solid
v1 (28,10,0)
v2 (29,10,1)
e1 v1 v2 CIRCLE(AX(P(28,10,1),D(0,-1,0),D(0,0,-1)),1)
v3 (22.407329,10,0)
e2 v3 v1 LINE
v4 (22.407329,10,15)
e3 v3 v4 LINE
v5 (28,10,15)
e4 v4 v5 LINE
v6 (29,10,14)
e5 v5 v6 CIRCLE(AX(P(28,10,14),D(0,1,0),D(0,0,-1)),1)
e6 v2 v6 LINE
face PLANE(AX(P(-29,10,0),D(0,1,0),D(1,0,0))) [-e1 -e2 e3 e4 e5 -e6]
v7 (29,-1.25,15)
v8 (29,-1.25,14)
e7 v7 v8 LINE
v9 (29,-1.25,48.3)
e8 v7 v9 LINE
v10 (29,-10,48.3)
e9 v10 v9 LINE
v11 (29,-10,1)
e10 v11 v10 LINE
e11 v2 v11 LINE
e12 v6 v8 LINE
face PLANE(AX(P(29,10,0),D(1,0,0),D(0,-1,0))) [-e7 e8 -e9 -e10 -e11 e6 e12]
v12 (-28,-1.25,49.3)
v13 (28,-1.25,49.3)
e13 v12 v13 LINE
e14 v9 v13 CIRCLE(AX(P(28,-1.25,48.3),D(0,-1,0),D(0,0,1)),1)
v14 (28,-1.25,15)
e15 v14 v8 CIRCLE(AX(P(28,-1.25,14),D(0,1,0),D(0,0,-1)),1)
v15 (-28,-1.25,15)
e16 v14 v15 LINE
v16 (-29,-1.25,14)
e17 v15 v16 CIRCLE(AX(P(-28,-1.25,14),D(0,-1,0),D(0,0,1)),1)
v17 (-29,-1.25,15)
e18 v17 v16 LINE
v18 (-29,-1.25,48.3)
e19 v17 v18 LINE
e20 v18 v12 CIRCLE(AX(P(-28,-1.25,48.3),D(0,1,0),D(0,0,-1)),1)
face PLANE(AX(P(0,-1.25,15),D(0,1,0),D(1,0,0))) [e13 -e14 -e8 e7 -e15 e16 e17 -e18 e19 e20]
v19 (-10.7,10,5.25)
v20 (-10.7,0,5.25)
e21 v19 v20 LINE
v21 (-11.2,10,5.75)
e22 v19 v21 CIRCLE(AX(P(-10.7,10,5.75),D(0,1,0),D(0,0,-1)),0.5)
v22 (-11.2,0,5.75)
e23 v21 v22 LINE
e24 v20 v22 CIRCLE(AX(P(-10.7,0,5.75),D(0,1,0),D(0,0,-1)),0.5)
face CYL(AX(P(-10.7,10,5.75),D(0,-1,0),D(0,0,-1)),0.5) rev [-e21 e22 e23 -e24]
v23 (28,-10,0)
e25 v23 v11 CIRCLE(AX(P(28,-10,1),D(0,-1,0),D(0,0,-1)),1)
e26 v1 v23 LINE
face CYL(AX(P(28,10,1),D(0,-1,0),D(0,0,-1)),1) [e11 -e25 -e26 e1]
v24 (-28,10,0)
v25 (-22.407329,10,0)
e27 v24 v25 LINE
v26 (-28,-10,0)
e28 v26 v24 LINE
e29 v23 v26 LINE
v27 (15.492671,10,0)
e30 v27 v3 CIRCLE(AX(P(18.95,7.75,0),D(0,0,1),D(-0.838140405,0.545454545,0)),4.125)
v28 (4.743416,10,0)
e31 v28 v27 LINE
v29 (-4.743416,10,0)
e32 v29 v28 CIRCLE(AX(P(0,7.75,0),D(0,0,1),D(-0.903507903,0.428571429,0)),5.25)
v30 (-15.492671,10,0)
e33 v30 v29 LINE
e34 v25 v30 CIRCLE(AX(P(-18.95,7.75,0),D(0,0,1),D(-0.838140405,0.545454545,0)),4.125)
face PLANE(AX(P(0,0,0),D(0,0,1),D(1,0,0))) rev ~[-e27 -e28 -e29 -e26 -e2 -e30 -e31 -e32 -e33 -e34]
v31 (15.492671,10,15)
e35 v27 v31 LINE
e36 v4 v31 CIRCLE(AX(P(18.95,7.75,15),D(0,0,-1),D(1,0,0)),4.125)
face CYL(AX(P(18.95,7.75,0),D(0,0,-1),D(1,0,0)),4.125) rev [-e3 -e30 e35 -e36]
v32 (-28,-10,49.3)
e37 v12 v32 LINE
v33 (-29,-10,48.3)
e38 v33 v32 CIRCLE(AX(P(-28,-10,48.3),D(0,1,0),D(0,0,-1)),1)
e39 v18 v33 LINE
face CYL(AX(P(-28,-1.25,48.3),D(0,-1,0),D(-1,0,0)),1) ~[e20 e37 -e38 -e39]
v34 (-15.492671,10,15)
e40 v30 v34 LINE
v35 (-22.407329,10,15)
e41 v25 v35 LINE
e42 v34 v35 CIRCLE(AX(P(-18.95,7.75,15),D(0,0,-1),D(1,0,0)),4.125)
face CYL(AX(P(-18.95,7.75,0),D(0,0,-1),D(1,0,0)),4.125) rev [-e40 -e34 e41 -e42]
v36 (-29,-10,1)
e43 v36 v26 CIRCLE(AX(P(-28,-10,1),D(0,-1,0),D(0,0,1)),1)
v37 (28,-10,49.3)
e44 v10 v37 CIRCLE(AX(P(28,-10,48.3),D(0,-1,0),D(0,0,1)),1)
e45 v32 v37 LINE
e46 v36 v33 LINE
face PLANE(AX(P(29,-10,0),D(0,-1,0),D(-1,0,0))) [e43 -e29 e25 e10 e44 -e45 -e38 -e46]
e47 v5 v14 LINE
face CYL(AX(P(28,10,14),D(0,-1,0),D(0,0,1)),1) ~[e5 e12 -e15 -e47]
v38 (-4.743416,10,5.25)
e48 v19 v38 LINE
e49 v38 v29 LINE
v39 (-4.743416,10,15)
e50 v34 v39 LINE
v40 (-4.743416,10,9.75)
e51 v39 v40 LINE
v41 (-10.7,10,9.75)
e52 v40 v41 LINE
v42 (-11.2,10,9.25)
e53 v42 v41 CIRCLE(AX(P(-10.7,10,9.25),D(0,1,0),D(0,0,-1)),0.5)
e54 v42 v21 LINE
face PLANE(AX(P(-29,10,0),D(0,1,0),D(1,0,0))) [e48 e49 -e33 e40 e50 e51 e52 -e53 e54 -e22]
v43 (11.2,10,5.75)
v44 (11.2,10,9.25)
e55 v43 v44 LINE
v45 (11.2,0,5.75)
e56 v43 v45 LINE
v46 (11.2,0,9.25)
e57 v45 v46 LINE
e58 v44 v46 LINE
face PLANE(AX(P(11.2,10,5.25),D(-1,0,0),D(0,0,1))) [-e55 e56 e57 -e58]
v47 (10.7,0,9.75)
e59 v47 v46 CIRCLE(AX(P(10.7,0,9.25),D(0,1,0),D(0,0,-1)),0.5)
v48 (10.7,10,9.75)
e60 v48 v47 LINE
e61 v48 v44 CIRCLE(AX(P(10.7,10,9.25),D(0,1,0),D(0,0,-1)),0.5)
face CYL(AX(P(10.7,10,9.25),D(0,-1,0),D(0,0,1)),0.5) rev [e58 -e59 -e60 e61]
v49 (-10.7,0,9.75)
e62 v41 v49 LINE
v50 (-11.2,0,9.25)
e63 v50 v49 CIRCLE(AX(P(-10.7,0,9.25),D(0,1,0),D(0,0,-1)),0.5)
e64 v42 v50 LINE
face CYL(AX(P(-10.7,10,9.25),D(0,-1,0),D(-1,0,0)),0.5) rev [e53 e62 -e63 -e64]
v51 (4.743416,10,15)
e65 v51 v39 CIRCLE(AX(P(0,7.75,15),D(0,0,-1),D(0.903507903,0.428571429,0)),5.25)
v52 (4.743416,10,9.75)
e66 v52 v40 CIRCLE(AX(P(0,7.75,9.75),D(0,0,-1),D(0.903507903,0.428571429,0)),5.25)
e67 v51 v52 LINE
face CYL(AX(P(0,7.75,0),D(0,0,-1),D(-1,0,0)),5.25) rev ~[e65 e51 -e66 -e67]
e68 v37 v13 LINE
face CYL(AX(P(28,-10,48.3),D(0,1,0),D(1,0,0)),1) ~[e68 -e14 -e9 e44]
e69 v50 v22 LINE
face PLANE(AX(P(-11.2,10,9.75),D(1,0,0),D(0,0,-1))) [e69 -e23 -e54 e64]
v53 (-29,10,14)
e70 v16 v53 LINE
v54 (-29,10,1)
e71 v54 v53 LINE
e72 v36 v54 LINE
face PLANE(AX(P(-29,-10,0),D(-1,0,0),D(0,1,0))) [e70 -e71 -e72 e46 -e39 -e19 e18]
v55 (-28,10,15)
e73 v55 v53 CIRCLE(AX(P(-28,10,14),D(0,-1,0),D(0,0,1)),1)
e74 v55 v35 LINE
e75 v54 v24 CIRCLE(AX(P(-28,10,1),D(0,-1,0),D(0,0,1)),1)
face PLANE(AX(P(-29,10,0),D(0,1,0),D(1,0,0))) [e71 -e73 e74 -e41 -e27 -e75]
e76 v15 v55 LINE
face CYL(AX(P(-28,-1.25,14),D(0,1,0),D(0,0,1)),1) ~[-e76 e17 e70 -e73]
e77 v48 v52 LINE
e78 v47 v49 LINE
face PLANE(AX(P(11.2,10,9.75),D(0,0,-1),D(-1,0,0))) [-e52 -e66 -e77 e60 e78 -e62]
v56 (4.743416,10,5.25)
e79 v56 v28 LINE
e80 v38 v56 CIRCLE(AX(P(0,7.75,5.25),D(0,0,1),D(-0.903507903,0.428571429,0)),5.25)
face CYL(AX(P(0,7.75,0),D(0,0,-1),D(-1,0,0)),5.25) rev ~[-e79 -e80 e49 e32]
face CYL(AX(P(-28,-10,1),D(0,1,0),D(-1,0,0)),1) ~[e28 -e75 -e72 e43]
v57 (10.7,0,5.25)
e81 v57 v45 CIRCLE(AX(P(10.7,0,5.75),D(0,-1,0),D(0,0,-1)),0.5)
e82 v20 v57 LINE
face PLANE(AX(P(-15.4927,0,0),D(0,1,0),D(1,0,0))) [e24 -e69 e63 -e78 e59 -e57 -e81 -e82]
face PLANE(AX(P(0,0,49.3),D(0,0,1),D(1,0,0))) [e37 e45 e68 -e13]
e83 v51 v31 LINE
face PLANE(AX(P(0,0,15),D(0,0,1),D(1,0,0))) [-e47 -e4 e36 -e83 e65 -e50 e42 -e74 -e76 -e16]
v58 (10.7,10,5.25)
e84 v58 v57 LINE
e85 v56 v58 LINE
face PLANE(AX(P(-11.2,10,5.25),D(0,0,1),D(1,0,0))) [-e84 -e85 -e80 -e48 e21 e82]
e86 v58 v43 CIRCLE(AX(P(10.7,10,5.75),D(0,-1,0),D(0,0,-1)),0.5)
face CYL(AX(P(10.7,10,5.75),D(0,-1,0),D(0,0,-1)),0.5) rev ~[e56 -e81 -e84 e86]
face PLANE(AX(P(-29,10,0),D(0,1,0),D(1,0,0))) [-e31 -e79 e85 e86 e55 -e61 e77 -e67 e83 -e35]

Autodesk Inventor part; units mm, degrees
ref_plane "YZ Plane" through (0, 0, 0) normal (1, 0, 0) x (0, 1, 0)
ref_plane "XZ Plane" through (0, 0, 0) normal (0, 1, 0) x (-1, 0, 0)
ref_plane "XY Plane" through (0, 0, 0) normal (0, 0, 1) x (1, 0, 0)
sketch "Sketch1" plane through (0, 0, 0) normal (0, 0, 1) x (1, 0, 0)
  line L0 (-29, 10) -> (29, 10)
  line L1 (29, 10) -> (29, -10)
  line L2 (29, -10) -> (-29, -10)
  line L3 (-29, -10) -> (-29, 10)
  line L4 (-29, 10) -> (29, -10) construction
  line L5 (29, 10) -> (-29, -10) construction
  point P0 (0, 0)
  dimension "d0" = 58
  dimension "d1" = 20
extrude "Extrusion1" add sketch "Sketch1" along normal blind 15
sketch "Sketch3" plane through (0, 0, 0) normal (0, 0, 1) x (1, 0, 0)
  line L0 (-29, -10) -> (29, -10) projected
  line L1 (29, -10) -> (29, 10) projected
  line L2 (29, 10) -> (-29, 10) projected
  line L3 (-29, 10) -> (-29, -10) projected
  line L4 (-40.6, 0) -> (40.6, 0) projected
  line L5 (0, -12.225) -> (0, 13.85) projected
  circle A0 centre (18.95, 7.75) radius 4.125
  circle A1 centre (-18.95, 7.75) radius 4.125
  point P0 (0, 0)
  point P1 (-22.4073, 10)
  point P2 (-15.4927, 10)
  point P3 (15.4927, 10)
  point P4 (22.4073, 10)
  dimension "d4" = 8.25
  dimension "d5" = 8.25
  dimension "d6" = 37.9
  dimension "d7" = 2.25
extrude "Extrusion2" cut sketch "Sketch3" along normal through all contours L2 A1 | L2 A0 picked at (-19.324, 7.5879) picked at (18.8469, 7.6595)
sketch "Sketch4" plane through (-15.4927, 10, 0) normal (0, 1, 0) x (1, 0, 0)
  line L0 (0, 0) -> (0, -15) projected
  line L1 (30.9853, -15) -> (0, -15) projected
  line L2 (30.9853, -15) -> (30.9853, 0) projected
  line L3 (30.9853, 0) -> (0, 0) projected
  line L4 (-25.1073, 0) -> (56.0927, 0) projected
  line L5 (15.4927, 0) -> (15.4927, -15) construction
  line L6 (30.9853, -15) -> (0, -15) construction
  line L7 (30.9853, -15) -> (30.9853, 0) construction
  line L8 (30.9853, -7.5) -> (0, -7.5) construction
  line L9 (4.2927, -5.25) -> (26.6927, -5.25)
  line L10 (26.6927, -5.25) -> (26.6927, -9.75)
  line L11 (26.6927, -9.75) -> (4.2927, -9.75)
  line L12 (4.2927, -9.75) -> (4.2927, -5.25)
  line L13 (4.2927, -5.25) -> (26.6927, -9.75)
  line L14 (26.6927, -5.25) -> (4.2927, -9.75)
  point P0 (15.4927, -7.5)
  dimension "d12" = 22.4
  dimension "d13" = 4.5
sketch "Sketch5" plane through (0, 0, 0) normal (0, 1, 0) x (-1, 0, 0)
  line L0 (15.4927, 0) -> (15.4927, 15) projected
  line L1 (-15.4927, 15) -> (15.4927, 15) projected
  line L2 (-15.4927, 15) -> (-15.4927, 0) projected
  line L3 (-15.4927, 0) -> (15.4927, 0) projected
  line L4 (40.6, 0) -> (-40.6, 0) projected
  line L5 (0, -3.05) -> (0, 18.3) projected
  line L6 (11.25, 9.75) -> (-11.25, 9.75)
  line L7 (-11.25, 9.75) -> (-11.25, 15.25)
  line L8 (-11.25, 15.25) -> (11.25, 15.25)
  line L9 (11.25, 15.25) -> (11.25, 9.75)
  line L10 (11.25, 9.75) -> (-11.25, 15.25) construction
  line L11 (-11.25, 9.75) -> (11.25, 15.25) construction
  point P0 (0, 0)
  point P1 (0, 12.5)
  dimension "d10" = 22.5
  dimension "d11" = 5.5
extrude "Extrusion3" cut sketch "Sketch4" against normal blind 10 contours L13 L14 L12 | L9 L14 L13 | L10 L13 L14 | L14 L13 L11
sketch "Sketch6" plane through (0, 0, 0) normal (0, 0, -1) x (-1, 0, 0)
  line L0 (11.2, 0) -> (-11.2, 0) projected
  arc A0 (15.4927, 10) -> (22.4073, 10) centre (18.95, 7.75) ccw projected
  line L1 (-15.4927, 10) -> (15.4927, 10) projected
  arc A1 (-22.4073, 10) -> (-15.4927, 10) centre (-18.95, 7.75) ccw projected
  line L2 (-29, 10) -> (-22.4073, 10) projected
  line L3 (-29, -10) -> (-29, 10) projected
  line L4 (29, -10) -> (-29, -10) projected
  line L5 (29, 10) -> (29, -10) projected
  line L6 (22.4073, 10) -> (29, 10) projected
  line L7 (40.6, 0) -> (-40.6, 0) projected
  line L8 (0, -14.25) -> (0, 15.5) projected
  circle A2 centre (0, 7.75) radius 5.25
  point P0 (0, 0)
  dimension "d16" = 10.5
extrude "Extrusion4" cut sketch "Sketch6" against normal through all contours A2 L1 L8 | L8 L1 A2 | L8 A2 L1 | L1 A2 L8
sketch "Sketch8" plane through (0, 0, 15) normal (0, 0, 1) x (1, 0, 0)
  arc A0 (-4.7434, 10) -> (4.7434, 10) centre (0, 7.75) ccw projected
  line L0 (-4.7434, 10) -> (-15.4927, 10) projected
  arc A1 (-22.4073, 10) -> (-15.4927, 10) centre (-18.95, 7.75) ccw projected
  line L1 (-22.4073, 10) -> (-29, 10) projected
  line L2 (-29, 10) -> (-29, -10) projected
  line L3 (-29, -10) -> (29, -10) projected
  line L4 (29, -10) -> (29, 10) projected
  line L5 (29, 10) -> (22.4073, 10) projected
  arc A2 (15.4927, 10) -> (22.4073, 10) centre (18.95, 7.75) ccw projected
  line L6 (15.4927, 10) -> (4.7434, 10) projected
  line L7 (-40.6, 0) -> (40.6, 0) projected
  line L8 (0, -14) -> (0, 14) projected
  line L9 (-29, 10) -> (-29, -10) projected
  line L10 (29, -10) -> (-29, -10)
  line L11 (-29, -10) -> (-29, -1.25)
  line L12 (-29, -1.25) -> (29, -1.25)
  line L13 (29, -1.25) -> (29, -10)
  point P0 (0, 0)
  point P1 (29, -1.25)
  dimension "d19" = 9
extrude "Extrusion5" add sketch "Sketch8" along normal blind 34.3 contours L12 L4 L3 L8 | L8 L3 L2 L12
fillet "Fillet4" radius 1 4 edges at (-29, -5.625, 49.3) (29, -5.625, 49.3) (-29, 4.375, 15) (29, 4.375, 15)
fillet "Fillet5" radius 1 2 edges at (-29, 0, 0) (29, 0, 0)
fillet "Fillet6" radius 0.5 4 edges at (-11.2, 5, 5.25) (-11.2, 5, 9.75) (11.2, 5, 5.25) (11.2, 5, 9.75)
equation "\"BendRadius\" = Thickness"
equation "\"BendReliefWidth\" = Thickness"
equation "\"BendReliefDepth\" = 0.5 * Thickness"
equation "\"CornerReliefSize\" = 4 * Thickness"
equation "\"MinimumRemnant\" = 2 * Thickness"
equation "\"TransitionRadius\" = BendRadius"
equation "\"JacobiRadiusSize\" = BendRadius"
equation "\"GapSize\" = Thickness"
equation "\"Thickness\" = 3.048"
properties part number "_3DPrint"
